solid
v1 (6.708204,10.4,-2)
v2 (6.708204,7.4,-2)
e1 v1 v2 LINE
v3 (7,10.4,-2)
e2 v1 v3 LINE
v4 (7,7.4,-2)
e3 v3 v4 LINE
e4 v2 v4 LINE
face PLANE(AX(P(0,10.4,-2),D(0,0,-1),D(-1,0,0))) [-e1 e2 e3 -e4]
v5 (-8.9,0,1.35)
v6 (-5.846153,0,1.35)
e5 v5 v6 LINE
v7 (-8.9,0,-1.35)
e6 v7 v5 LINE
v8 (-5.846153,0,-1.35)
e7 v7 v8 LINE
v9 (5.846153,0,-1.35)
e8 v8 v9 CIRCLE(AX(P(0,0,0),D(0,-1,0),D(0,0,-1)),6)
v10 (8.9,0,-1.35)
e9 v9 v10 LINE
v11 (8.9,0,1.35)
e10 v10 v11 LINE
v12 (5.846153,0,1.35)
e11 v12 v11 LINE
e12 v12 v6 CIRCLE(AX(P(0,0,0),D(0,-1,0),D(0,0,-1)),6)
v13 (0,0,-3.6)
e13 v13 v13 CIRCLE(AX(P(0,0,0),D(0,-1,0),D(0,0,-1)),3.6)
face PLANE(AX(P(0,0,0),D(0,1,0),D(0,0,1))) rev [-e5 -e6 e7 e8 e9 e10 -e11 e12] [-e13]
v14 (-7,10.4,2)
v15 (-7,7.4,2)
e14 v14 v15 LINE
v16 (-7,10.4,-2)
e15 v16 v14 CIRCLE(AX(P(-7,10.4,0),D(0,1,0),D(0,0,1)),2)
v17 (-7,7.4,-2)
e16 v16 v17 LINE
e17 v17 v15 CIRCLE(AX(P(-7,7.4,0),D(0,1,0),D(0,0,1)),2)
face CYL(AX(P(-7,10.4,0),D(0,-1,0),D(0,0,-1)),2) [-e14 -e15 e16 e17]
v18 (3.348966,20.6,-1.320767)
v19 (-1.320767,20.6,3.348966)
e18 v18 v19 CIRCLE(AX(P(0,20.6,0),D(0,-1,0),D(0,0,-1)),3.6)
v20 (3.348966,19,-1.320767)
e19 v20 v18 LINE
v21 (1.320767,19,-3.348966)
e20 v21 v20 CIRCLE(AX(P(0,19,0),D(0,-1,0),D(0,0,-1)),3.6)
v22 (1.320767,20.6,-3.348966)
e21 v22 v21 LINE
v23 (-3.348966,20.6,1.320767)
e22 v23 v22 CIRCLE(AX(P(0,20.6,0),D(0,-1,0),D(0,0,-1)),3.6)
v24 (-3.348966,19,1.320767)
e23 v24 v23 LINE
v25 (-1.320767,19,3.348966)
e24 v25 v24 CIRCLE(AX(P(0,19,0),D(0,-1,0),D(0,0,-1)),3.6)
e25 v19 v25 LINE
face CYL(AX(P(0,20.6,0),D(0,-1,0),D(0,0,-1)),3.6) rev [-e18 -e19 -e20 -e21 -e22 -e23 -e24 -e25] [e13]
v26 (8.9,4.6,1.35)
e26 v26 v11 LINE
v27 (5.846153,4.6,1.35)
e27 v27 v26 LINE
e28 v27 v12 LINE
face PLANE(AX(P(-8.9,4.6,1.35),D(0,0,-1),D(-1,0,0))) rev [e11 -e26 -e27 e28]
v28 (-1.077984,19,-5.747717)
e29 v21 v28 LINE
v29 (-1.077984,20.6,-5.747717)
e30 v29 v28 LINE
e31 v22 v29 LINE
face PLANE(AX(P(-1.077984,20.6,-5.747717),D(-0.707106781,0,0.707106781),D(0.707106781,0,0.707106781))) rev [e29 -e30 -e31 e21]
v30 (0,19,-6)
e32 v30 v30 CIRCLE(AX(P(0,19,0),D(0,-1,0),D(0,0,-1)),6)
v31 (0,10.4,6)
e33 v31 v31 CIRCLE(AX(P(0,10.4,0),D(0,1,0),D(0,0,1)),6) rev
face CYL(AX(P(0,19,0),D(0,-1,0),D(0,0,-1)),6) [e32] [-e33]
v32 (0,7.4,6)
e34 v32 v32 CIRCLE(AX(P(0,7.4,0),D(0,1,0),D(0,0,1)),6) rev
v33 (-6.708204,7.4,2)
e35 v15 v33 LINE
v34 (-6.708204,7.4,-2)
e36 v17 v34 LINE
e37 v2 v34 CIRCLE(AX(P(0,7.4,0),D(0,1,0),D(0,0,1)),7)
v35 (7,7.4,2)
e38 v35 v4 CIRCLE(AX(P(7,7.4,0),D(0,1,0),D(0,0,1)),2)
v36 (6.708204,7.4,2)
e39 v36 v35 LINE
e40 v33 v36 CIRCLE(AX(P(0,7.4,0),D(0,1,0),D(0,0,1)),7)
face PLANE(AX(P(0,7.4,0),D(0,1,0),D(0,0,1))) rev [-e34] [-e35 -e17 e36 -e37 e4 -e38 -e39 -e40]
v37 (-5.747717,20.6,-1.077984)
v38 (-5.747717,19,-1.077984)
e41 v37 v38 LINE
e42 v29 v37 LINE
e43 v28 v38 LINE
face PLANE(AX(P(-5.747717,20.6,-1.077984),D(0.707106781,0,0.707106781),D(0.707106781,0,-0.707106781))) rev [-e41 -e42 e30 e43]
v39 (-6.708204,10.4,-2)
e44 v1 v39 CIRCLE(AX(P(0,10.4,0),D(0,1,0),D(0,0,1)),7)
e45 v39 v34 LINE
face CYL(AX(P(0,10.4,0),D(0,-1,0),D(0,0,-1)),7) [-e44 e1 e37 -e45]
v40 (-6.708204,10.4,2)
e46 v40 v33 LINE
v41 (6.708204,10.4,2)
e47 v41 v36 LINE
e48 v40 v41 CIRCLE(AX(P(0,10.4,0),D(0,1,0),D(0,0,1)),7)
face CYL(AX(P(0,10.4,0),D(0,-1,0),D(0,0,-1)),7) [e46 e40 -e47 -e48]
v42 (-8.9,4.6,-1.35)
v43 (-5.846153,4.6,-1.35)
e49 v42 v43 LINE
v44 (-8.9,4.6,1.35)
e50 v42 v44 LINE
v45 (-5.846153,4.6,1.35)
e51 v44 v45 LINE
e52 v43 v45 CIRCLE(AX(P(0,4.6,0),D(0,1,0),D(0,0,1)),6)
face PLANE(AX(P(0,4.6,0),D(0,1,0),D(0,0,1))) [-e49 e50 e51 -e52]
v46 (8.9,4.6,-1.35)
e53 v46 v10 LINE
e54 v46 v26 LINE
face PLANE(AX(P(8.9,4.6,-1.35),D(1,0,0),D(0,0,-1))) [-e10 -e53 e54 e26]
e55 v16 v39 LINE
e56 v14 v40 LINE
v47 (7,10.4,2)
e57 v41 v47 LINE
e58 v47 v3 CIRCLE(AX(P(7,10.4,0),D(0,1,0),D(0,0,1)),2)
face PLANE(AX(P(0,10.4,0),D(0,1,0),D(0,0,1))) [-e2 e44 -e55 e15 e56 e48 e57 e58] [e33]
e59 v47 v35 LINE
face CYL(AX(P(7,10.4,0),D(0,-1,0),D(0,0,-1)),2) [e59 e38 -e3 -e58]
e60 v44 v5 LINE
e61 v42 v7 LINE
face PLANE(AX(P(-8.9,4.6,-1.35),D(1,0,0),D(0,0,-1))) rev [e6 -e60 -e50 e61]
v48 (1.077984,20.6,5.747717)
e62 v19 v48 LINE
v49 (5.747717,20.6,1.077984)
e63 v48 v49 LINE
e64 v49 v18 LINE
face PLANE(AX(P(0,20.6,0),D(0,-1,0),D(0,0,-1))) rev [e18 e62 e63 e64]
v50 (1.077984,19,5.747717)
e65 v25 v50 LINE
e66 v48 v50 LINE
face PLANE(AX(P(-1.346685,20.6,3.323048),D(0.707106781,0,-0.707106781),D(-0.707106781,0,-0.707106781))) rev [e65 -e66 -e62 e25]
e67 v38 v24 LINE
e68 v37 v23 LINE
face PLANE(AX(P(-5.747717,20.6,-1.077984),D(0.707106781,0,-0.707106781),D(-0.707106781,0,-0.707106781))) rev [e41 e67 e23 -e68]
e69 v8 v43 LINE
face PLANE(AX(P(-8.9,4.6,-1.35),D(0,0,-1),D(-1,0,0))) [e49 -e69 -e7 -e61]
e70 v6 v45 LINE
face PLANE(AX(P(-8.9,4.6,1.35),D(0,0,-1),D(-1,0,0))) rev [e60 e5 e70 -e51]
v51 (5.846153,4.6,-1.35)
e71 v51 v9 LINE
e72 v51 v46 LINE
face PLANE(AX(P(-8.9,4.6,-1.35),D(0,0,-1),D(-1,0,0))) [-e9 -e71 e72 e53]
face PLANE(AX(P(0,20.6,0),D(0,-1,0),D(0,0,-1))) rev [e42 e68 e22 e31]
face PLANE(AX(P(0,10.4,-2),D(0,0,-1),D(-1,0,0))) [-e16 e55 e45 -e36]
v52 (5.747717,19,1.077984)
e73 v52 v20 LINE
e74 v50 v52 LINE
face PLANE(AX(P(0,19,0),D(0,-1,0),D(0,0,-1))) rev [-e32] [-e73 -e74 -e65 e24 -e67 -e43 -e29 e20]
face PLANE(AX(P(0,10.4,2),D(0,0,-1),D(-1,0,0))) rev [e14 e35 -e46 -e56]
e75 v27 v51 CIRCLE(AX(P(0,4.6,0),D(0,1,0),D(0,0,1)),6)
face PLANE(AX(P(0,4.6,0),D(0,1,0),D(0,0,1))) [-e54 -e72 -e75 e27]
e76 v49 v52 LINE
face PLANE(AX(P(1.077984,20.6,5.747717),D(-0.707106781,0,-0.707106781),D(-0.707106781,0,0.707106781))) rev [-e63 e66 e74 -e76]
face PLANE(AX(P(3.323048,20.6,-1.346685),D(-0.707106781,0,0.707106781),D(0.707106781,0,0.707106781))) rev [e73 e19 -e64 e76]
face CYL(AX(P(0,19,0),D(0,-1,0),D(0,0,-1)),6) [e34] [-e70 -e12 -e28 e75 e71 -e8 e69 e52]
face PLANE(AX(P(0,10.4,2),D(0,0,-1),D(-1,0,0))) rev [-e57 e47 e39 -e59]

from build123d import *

# Parameters (mm, degrees)
SKETCH_1_W          = 17.8
SKETCH_1_H          = 2.7
EXTRUDE_1_DEPTH     = 4.6
SKETCH_2_R          = 6
EXTRUDE_2_DEPTH     = 19
EXTRUDE_3_DEPTH     = 1.6
BOSS_EXTRUDE2_DEPTH = 3
SKETCH_6_R          = 3.6
CUT_EXTRUDE2_DEPTH  = 24.544850817


with BuildPart() as part:
    # 草图1 → 凸台-拉伸1 (new body)
    with BuildSketch(Plane(origin=(0, 0, 0), x_dir=(1, 0, 0), z_dir=(0, 1, 0))):
        Rectangle(SKETCH_1_W, SKETCH_1_H)
    extrude(amount=EXTRUDE_1_DEPTH)

    # 草图2 → 凸台-拉伸2 (add)
    with BuildSketch(Plane(origin=(0, 0, 0), x_dir=(-1, 0, 0), z_dir=(0, -1, 0))):
        with Locations(Location((0, 0, 0), (0, 0, 90))):
            Circle(SKETCH_2_R)
    extrude(amount=-EXTRUDE_2_DEPTH)

    # 草图4 → 凸台-拉伸3 (add)
    with BuildSketch(Plane(origin=(0, 19, 0), x_dir=(1, 0, 0), z_dir=(0, 1, 0))):
        Polygon((-5.747717471, 1.077984288), (-3.323048318, -1.346684865), (1.346684865, 3.323048318), (-1.077984288, 5.747717471), align=None)
        Polygon((-1.346684865, -3.323048318), (1.077984288, -5.747717471), (5.747717471, -1.077984288), (3.323048318, 1.346684865), align=None)
    extrude(amount=EXTRUDE_3_DEPTH)

    # Sketch4 → Boss-Extrude2 (add)
    with BuildSketch(Plane(origin=(0, 7.4, 0), x_dir=(1, 0, 0), z_dir=(0, 1, 0))):
        with BuildLine():
            ThreePointArc((6.708203932, 2), (0, 7), (-6.708203932, 2))
            Line((-6.708203932, 2), (6.708203932, 2))
        make_face()
        with BuildLine():
            ThreePointArc((-6.708203932, 2), (-6.926666858, 1.010587075), (-7, 0))
            Line((-7, 0), (7, 0))
            ThreePointArc((7, 0), (6.926666858, 1.010587075), (6.708203932, 2))
            Line((6.708203932, 2), (-6.708203932, 2))
        make_face()
        with BuildLine():
            ThreePointArc((-6.708203932, -2), (-6.926666858, -1.010587075), (-7, 0))
            ThreePointArc((-7, 0), (-6.926666858, 1.010587075), (-6.708203932, 2))
            Line((-6.708203932, 2), (-7, 2))
            ThreePointArc((-7, 2), (-9, 0), (-7, -2))
            Line((-7, -2), (-6.708203932, -2))
        make_face()
        with BuildLine():
            Line((7, 0), (-7, 0))
            ThreePointArc((-7, 0), (-6.926666858, -1.010587075), (-6.708203932, -2))
            Line((-6.708203932, -2), (6.708203932, -2))
            ThreePointArc((6.708203932, -2), (6.926666858, -1.010587075), (7, 0))
        make_face()
        with BuildLine():
            Line((6.708203932, -2), (-6.708203932, -2))
            ThreePointArc((-6.708203932, -2), (0, -7), (6.708203932, -2))
        make_face()
        with BuildLine():
            ThreePointArc((6.708203932, 2), (6.926666858, 1.010587075), (7, 0))
            ThreePointArc((7, 0), (6.926666858, -1.010587075), (6.708203932, -2))
            Line((6.708203932, -2), (7, -2))
            ThreePointArc((7, -2), (9, 0), (7, 2))
            Line((7, 2), (6.708203932, 2))
        make_face()
    extrude(amount=BOSS_EXTRUDE2_DEPTH)

    # 草图6 → Cut-Extrude2 (cut, through all)
    with BuildSketch(Plane.XZ):
        with Locations(Location((0, 0, 0), (0, 0, 270))):
            Circle(SKETCH_6_R)
    extrude(amount=-CUT_EXTRUDE2_DEPTH, mode=Mode.SUBTRACT)


solid = part.part
